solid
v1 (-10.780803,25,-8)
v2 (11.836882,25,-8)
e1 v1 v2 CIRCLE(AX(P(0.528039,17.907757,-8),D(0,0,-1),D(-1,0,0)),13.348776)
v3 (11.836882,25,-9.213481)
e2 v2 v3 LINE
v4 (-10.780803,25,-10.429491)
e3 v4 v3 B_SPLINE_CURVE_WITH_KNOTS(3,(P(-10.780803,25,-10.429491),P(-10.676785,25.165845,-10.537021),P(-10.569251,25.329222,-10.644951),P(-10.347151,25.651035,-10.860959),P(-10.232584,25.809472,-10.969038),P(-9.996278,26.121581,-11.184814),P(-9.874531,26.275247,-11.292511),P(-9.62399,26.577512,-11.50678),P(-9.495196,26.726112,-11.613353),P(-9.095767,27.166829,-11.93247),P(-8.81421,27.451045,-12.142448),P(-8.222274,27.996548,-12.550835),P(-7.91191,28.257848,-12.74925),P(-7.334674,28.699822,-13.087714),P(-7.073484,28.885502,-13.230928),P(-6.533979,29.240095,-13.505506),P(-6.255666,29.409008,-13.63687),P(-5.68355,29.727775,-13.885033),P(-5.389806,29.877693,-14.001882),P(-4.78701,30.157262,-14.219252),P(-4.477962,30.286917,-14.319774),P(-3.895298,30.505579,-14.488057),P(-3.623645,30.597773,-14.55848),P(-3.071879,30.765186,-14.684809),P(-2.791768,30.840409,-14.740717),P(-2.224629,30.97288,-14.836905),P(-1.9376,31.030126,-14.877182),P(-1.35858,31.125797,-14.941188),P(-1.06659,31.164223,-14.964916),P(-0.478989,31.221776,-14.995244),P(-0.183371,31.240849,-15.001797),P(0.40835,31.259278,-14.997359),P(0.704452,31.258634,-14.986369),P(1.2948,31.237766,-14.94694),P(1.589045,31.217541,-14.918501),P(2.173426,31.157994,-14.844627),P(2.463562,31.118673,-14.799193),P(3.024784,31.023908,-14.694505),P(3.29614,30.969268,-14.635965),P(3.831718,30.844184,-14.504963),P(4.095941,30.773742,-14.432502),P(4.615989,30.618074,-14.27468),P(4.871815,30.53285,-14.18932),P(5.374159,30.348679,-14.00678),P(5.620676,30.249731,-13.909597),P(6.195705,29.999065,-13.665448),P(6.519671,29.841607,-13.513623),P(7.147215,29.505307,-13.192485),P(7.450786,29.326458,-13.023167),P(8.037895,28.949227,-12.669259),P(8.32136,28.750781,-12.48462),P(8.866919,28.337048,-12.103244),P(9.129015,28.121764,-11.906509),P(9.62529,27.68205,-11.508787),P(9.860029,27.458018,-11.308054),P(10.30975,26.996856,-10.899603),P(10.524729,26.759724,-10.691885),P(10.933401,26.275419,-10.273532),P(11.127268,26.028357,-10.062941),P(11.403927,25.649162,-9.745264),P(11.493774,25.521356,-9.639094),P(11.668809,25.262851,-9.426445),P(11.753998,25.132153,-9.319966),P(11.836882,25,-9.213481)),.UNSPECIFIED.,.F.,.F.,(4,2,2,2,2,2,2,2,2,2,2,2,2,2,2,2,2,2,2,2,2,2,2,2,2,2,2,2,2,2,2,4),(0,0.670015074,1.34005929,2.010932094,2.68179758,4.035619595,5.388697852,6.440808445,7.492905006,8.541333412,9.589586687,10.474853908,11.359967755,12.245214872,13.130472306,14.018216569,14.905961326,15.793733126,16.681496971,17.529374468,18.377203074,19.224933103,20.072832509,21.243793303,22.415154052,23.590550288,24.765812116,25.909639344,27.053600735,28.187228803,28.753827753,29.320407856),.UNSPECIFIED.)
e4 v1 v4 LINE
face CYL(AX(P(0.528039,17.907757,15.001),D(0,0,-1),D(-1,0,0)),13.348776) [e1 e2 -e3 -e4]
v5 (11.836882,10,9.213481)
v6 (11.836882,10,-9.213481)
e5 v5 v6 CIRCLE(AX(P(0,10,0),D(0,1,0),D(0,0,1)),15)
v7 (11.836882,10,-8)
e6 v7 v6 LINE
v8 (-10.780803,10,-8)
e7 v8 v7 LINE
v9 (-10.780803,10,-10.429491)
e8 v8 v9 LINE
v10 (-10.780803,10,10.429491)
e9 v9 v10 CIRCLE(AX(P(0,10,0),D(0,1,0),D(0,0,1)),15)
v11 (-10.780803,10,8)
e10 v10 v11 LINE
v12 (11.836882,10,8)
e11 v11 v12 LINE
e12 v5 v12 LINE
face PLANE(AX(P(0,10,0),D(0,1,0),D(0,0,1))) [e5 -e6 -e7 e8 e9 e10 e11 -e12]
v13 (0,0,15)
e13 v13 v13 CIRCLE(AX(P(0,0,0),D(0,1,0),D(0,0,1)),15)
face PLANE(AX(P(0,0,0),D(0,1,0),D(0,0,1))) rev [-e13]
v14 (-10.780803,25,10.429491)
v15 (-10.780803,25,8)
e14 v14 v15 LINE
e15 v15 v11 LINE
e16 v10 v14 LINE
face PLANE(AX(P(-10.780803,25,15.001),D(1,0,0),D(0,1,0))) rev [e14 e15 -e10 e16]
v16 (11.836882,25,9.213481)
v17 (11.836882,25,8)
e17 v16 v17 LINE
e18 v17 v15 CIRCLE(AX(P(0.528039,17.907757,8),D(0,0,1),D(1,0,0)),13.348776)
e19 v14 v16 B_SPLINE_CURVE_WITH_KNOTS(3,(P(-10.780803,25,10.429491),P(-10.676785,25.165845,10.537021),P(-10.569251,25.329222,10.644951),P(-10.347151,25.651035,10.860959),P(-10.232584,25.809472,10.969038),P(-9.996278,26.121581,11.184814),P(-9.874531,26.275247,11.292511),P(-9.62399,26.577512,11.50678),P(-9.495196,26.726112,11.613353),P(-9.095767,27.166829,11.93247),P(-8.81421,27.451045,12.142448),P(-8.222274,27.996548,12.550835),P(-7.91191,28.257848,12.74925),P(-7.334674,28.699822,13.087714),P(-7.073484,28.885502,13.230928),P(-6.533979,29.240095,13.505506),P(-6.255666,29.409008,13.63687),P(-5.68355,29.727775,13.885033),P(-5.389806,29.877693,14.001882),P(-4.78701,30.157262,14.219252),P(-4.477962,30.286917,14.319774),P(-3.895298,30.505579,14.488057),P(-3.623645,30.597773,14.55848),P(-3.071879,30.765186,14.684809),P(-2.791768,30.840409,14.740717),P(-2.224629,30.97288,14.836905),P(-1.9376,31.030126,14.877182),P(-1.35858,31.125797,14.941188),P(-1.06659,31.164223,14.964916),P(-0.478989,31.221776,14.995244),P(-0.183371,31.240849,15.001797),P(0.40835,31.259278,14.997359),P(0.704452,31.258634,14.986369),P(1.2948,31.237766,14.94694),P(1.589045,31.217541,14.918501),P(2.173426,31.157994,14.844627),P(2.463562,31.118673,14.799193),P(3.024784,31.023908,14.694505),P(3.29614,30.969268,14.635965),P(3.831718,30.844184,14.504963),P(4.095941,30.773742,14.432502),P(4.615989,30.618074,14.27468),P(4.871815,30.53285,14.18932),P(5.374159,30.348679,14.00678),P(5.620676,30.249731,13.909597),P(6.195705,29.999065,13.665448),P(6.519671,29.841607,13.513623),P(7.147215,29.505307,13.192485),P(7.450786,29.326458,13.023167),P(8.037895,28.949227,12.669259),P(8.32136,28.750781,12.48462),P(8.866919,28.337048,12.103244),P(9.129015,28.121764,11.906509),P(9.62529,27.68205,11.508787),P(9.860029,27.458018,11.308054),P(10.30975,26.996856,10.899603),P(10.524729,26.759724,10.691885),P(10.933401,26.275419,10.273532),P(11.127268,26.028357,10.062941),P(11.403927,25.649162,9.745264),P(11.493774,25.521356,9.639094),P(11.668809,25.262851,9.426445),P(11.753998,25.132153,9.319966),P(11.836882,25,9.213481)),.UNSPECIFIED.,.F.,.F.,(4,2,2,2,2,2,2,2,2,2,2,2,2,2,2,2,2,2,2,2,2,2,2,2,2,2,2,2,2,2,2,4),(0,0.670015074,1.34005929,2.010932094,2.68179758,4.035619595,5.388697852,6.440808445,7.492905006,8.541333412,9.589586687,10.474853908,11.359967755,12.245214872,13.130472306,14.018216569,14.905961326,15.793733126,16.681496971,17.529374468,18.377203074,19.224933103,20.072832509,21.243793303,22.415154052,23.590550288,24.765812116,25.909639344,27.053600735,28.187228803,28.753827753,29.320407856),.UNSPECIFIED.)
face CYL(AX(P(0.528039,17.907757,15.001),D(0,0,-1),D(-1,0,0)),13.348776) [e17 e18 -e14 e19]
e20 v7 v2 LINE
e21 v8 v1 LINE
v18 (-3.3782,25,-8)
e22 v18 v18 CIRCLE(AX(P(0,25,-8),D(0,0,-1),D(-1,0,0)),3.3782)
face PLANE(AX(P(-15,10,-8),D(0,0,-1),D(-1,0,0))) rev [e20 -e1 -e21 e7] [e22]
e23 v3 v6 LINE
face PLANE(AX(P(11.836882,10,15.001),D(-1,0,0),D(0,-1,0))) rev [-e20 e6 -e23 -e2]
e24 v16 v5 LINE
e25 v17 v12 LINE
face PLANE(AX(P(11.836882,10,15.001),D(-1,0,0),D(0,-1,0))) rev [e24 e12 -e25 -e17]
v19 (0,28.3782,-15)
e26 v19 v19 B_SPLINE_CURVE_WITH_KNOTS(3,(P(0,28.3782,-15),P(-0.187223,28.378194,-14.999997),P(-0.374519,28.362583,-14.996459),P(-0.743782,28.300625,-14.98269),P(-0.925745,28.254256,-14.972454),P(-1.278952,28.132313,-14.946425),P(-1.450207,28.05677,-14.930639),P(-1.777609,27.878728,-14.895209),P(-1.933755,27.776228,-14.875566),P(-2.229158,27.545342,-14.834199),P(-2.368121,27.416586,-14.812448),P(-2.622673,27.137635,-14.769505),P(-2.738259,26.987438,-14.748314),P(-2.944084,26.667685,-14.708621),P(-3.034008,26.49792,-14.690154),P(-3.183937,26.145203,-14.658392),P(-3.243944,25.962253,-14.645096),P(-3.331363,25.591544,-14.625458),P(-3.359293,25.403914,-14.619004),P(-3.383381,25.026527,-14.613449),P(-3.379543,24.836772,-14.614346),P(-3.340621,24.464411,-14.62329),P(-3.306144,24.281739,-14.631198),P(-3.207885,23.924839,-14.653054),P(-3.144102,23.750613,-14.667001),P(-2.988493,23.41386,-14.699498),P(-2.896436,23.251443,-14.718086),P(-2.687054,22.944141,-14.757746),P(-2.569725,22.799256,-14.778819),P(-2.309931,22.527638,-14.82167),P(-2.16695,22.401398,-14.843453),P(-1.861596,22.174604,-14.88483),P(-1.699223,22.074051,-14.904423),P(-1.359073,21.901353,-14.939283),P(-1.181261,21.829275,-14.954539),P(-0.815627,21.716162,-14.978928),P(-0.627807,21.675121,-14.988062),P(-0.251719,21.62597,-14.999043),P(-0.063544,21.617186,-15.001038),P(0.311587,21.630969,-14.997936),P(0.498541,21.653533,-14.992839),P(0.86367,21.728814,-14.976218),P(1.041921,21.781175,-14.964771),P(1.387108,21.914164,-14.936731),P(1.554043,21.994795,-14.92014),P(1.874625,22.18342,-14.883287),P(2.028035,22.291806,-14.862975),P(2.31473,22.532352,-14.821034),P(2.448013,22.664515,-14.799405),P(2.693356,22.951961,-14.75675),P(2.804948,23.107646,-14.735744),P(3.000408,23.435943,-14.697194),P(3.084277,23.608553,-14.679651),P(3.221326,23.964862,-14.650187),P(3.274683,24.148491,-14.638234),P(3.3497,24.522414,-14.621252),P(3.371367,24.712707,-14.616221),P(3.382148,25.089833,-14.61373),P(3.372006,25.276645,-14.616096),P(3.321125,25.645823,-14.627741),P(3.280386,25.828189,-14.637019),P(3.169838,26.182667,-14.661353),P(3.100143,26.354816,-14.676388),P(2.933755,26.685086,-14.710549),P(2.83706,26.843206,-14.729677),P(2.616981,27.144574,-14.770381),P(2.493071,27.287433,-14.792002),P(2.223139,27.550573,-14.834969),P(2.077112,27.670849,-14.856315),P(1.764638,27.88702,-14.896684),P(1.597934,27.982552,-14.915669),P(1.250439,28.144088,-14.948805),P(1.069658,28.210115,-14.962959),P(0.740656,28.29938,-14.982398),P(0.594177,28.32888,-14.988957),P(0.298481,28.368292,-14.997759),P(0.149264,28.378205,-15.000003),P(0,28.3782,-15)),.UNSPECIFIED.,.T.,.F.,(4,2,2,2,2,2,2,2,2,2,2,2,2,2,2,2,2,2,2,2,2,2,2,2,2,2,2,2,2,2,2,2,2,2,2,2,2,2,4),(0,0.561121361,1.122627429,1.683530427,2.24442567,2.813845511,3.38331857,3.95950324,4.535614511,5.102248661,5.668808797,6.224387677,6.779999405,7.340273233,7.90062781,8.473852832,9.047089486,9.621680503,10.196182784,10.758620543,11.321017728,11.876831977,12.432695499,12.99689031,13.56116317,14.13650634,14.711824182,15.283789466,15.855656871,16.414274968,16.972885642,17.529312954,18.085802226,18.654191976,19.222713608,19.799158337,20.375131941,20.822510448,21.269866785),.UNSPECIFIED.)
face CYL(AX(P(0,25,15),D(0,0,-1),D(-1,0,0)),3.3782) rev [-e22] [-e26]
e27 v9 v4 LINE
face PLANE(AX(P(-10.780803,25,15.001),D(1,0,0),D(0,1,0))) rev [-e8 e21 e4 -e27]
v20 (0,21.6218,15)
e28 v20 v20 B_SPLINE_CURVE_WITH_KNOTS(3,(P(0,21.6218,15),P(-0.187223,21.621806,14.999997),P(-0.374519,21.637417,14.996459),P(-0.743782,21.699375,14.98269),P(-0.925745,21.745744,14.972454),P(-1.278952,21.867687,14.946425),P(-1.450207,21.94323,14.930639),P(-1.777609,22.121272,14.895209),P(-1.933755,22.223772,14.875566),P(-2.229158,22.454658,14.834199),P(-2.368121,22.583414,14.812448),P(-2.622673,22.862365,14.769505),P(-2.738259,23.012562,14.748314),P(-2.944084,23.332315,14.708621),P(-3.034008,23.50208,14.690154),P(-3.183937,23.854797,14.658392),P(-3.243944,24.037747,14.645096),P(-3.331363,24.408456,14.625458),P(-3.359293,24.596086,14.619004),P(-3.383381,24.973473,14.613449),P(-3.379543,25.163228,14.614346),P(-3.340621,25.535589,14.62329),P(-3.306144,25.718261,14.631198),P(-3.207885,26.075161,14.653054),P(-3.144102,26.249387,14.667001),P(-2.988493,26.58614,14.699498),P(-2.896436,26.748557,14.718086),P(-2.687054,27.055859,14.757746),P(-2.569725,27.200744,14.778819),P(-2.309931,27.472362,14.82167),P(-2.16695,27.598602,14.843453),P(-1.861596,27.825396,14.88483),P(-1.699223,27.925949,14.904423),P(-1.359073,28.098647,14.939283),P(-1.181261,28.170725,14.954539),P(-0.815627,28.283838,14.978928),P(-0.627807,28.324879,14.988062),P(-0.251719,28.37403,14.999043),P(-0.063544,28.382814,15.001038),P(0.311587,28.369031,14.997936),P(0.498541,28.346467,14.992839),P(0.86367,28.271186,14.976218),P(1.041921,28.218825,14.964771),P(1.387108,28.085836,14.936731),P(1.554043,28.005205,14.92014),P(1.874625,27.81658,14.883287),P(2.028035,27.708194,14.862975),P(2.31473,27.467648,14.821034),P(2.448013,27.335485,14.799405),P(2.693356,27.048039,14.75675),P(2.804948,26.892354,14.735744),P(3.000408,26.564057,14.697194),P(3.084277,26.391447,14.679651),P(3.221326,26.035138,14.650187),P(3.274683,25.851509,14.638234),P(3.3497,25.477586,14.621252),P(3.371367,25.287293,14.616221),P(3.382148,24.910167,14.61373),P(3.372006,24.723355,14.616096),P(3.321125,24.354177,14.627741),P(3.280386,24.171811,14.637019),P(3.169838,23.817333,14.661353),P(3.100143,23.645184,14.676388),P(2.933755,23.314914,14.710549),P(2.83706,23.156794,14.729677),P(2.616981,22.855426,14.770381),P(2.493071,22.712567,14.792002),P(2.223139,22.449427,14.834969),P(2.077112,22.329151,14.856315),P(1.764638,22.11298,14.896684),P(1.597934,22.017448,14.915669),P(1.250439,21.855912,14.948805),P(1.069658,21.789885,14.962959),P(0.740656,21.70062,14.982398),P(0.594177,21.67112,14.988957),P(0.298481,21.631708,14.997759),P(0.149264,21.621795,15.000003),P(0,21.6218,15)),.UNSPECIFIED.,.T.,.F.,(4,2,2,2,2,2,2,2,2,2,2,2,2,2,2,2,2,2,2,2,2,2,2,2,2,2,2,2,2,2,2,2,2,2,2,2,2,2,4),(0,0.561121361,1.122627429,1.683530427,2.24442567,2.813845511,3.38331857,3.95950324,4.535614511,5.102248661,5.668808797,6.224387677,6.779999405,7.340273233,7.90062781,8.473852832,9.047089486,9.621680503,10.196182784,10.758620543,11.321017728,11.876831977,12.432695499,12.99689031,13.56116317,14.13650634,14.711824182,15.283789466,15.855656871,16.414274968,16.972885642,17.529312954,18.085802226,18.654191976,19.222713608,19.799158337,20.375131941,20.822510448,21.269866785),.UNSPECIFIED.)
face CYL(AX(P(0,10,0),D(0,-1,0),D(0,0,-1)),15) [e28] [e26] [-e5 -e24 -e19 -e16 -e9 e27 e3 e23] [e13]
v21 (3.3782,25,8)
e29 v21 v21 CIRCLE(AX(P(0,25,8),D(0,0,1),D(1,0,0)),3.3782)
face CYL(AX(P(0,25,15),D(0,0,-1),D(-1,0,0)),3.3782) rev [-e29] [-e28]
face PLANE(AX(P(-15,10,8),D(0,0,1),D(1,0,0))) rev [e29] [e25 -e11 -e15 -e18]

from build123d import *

# Parameters (mm, degrees)
SKETCH1_R                            = 15
BOSS_EXTRUDE1_DEPTH                  = 10
BOSS_EXTRUDE2_REACH                  = 25.452
BOSS_EXTRUDE2_END_RADIUS             = 15
BOSS_EXTRUDE2_DIRECTION_2_REACH      = 25.452
BOSS_EXTRUDE2_DIRECTION_2_END_RADIUS = 15
SKETCH3_W                            = 16
SKETCH3_H                            = 50
CUT_EXTRUDE1_DEPTH                   = 44.842776862
CUT_EXTRUDE2_DEPTH                   = 42.60493807
CUT_EXTRUDE2_DEPTH_BACK              = 42.60493807
SKETCH4_R                            = 3.3782


with BuildPart() as part:
    # Sketch1 → Boss-Extrude1 (new body)
    with BuildSketch(Plane(origin=(0, 0, 0), x_dir=(1, 0, 0), z_dir=(0, 1, 0))):
        with Locations(Location((0, 0, 0), (0, 0, 270))):
            Circle(SKETCH1_R)
    extrude(amount=BOSS_EXTRUDE1_DEPTH)

    # Boss-Extrude2: up to this cylinder (the profile starts inside it)
    boss_extrude2_end = Plane(origin=(0, 19.788333, 0), z_dir=(0, -1, 0)) * Cylinder(BOSS_EXTRUDE2_END_RADIUS, 81.904, mode=Mode.PRIVATE)
    # Sketch2 → Boss-Extrude2 (add, up to the surface)
    with BuildSketch(Plane.XY, mode=Mode.PRIVATE) as boss_extrude2_sk1:
        with BuildLine():
            Line((-10.780802974, 10), (11.836881633, 10))
            Line((11.836881633, 10), (11.836881633, 25))
            ThreePointArc((11.836881633, 25), (0.528039329, 31.256533044), (-10.780802974, 25))
            Line((-10.780802974, 25), (-10.780802974, 10))
        make_face()
    boss_extrude2_tool1 = extrude(boss_extrude2_sk1.sketch, amount=BOSS_EXTRUDE2_REACH, mode=Mode.PRIVATE) & boss_extrude2_end
    add(boss_extrude2_tool1.solids().sort_by_distance((0.528039, 19.788333, 0))[0])

    # Boss-Extrude2 direction 2: up to this cylinder (the profile starts inside it)
    boss_extrude2_direction_2_end = Plane(origin=(0, 19.788333, 0), z_dir=(0, -1, 0)) * Cylinder(BOSS_EXTRUDE2_DIRECTION_2_END_RADIUS, 81.904, mode=Mode.PRIVATE)
    # Sketch2 → Boss-Extrude2 direction 2 (add, up to the surface)
    with BuildSketch(Plane.XY, mode=Mode.PRIVATE) as boss_extrude2_direction_2_sk1:
        with BuildLine():
            Line((-10.780802974, 10), (11.836881633, 10))
            Line((11.836881633, 10), (11.836881633, 25))
            ThreePointArc((11.836881633, 25), (0.528039329, 31.256533044), (-10.780802974, 25))
            Line((-10.780802974, 25), (-10.780802974, 10))
        make_face()
    boss_extrude2_direction_2_tool1 = extrude(boss_extrude2_direction_2_sk1.sketch, amount=-BOSS_EXTRUDE2_DIRECTION_2_REACH, mode=Mode.PRIVATE) & boss_extrude2_direction_2_end
    add(boss_extrude2_direction_2_tool1.solids().sort_by_distance((0.528039, 19.788333, 0))[0])

    # Sketch3 → Cut-Extrude1 (cut, through all)
    with BuildSketch(Plane(origin=(11.836881633, 0, 0), x_dir=(0, 0, -1), z_dir=(1, 0, 0))):
        with Locations((0, 35)):
            Rectangle(SKETCH3_W, SKETCH3_H)
    extrude(amount=-CUT_EXTRUDE1_DEPTH, mode=Mode.SUBTRACT)

    # Sketch4 → Cut-Extrude2 (cut, two sides: drawn at the far end of the back side and taken through both)
    with BuildSketch(Plane(origin=(0, 0, 8), x_dir=(-1, 0, 0), z_dir=(0, 0, -1)).offset(-CUT_EXTRUDE2_DEPTH_BACK)):
        with Locations((0, 25)):
            Circle(SKETCH4_R)
    extrude(amount=CUT_EXTRUDE2_DEPTH + CUT_EXTRUDE2_DEPTH_BACK, mode=Mode.SUBTRACT)


solid = part.part
